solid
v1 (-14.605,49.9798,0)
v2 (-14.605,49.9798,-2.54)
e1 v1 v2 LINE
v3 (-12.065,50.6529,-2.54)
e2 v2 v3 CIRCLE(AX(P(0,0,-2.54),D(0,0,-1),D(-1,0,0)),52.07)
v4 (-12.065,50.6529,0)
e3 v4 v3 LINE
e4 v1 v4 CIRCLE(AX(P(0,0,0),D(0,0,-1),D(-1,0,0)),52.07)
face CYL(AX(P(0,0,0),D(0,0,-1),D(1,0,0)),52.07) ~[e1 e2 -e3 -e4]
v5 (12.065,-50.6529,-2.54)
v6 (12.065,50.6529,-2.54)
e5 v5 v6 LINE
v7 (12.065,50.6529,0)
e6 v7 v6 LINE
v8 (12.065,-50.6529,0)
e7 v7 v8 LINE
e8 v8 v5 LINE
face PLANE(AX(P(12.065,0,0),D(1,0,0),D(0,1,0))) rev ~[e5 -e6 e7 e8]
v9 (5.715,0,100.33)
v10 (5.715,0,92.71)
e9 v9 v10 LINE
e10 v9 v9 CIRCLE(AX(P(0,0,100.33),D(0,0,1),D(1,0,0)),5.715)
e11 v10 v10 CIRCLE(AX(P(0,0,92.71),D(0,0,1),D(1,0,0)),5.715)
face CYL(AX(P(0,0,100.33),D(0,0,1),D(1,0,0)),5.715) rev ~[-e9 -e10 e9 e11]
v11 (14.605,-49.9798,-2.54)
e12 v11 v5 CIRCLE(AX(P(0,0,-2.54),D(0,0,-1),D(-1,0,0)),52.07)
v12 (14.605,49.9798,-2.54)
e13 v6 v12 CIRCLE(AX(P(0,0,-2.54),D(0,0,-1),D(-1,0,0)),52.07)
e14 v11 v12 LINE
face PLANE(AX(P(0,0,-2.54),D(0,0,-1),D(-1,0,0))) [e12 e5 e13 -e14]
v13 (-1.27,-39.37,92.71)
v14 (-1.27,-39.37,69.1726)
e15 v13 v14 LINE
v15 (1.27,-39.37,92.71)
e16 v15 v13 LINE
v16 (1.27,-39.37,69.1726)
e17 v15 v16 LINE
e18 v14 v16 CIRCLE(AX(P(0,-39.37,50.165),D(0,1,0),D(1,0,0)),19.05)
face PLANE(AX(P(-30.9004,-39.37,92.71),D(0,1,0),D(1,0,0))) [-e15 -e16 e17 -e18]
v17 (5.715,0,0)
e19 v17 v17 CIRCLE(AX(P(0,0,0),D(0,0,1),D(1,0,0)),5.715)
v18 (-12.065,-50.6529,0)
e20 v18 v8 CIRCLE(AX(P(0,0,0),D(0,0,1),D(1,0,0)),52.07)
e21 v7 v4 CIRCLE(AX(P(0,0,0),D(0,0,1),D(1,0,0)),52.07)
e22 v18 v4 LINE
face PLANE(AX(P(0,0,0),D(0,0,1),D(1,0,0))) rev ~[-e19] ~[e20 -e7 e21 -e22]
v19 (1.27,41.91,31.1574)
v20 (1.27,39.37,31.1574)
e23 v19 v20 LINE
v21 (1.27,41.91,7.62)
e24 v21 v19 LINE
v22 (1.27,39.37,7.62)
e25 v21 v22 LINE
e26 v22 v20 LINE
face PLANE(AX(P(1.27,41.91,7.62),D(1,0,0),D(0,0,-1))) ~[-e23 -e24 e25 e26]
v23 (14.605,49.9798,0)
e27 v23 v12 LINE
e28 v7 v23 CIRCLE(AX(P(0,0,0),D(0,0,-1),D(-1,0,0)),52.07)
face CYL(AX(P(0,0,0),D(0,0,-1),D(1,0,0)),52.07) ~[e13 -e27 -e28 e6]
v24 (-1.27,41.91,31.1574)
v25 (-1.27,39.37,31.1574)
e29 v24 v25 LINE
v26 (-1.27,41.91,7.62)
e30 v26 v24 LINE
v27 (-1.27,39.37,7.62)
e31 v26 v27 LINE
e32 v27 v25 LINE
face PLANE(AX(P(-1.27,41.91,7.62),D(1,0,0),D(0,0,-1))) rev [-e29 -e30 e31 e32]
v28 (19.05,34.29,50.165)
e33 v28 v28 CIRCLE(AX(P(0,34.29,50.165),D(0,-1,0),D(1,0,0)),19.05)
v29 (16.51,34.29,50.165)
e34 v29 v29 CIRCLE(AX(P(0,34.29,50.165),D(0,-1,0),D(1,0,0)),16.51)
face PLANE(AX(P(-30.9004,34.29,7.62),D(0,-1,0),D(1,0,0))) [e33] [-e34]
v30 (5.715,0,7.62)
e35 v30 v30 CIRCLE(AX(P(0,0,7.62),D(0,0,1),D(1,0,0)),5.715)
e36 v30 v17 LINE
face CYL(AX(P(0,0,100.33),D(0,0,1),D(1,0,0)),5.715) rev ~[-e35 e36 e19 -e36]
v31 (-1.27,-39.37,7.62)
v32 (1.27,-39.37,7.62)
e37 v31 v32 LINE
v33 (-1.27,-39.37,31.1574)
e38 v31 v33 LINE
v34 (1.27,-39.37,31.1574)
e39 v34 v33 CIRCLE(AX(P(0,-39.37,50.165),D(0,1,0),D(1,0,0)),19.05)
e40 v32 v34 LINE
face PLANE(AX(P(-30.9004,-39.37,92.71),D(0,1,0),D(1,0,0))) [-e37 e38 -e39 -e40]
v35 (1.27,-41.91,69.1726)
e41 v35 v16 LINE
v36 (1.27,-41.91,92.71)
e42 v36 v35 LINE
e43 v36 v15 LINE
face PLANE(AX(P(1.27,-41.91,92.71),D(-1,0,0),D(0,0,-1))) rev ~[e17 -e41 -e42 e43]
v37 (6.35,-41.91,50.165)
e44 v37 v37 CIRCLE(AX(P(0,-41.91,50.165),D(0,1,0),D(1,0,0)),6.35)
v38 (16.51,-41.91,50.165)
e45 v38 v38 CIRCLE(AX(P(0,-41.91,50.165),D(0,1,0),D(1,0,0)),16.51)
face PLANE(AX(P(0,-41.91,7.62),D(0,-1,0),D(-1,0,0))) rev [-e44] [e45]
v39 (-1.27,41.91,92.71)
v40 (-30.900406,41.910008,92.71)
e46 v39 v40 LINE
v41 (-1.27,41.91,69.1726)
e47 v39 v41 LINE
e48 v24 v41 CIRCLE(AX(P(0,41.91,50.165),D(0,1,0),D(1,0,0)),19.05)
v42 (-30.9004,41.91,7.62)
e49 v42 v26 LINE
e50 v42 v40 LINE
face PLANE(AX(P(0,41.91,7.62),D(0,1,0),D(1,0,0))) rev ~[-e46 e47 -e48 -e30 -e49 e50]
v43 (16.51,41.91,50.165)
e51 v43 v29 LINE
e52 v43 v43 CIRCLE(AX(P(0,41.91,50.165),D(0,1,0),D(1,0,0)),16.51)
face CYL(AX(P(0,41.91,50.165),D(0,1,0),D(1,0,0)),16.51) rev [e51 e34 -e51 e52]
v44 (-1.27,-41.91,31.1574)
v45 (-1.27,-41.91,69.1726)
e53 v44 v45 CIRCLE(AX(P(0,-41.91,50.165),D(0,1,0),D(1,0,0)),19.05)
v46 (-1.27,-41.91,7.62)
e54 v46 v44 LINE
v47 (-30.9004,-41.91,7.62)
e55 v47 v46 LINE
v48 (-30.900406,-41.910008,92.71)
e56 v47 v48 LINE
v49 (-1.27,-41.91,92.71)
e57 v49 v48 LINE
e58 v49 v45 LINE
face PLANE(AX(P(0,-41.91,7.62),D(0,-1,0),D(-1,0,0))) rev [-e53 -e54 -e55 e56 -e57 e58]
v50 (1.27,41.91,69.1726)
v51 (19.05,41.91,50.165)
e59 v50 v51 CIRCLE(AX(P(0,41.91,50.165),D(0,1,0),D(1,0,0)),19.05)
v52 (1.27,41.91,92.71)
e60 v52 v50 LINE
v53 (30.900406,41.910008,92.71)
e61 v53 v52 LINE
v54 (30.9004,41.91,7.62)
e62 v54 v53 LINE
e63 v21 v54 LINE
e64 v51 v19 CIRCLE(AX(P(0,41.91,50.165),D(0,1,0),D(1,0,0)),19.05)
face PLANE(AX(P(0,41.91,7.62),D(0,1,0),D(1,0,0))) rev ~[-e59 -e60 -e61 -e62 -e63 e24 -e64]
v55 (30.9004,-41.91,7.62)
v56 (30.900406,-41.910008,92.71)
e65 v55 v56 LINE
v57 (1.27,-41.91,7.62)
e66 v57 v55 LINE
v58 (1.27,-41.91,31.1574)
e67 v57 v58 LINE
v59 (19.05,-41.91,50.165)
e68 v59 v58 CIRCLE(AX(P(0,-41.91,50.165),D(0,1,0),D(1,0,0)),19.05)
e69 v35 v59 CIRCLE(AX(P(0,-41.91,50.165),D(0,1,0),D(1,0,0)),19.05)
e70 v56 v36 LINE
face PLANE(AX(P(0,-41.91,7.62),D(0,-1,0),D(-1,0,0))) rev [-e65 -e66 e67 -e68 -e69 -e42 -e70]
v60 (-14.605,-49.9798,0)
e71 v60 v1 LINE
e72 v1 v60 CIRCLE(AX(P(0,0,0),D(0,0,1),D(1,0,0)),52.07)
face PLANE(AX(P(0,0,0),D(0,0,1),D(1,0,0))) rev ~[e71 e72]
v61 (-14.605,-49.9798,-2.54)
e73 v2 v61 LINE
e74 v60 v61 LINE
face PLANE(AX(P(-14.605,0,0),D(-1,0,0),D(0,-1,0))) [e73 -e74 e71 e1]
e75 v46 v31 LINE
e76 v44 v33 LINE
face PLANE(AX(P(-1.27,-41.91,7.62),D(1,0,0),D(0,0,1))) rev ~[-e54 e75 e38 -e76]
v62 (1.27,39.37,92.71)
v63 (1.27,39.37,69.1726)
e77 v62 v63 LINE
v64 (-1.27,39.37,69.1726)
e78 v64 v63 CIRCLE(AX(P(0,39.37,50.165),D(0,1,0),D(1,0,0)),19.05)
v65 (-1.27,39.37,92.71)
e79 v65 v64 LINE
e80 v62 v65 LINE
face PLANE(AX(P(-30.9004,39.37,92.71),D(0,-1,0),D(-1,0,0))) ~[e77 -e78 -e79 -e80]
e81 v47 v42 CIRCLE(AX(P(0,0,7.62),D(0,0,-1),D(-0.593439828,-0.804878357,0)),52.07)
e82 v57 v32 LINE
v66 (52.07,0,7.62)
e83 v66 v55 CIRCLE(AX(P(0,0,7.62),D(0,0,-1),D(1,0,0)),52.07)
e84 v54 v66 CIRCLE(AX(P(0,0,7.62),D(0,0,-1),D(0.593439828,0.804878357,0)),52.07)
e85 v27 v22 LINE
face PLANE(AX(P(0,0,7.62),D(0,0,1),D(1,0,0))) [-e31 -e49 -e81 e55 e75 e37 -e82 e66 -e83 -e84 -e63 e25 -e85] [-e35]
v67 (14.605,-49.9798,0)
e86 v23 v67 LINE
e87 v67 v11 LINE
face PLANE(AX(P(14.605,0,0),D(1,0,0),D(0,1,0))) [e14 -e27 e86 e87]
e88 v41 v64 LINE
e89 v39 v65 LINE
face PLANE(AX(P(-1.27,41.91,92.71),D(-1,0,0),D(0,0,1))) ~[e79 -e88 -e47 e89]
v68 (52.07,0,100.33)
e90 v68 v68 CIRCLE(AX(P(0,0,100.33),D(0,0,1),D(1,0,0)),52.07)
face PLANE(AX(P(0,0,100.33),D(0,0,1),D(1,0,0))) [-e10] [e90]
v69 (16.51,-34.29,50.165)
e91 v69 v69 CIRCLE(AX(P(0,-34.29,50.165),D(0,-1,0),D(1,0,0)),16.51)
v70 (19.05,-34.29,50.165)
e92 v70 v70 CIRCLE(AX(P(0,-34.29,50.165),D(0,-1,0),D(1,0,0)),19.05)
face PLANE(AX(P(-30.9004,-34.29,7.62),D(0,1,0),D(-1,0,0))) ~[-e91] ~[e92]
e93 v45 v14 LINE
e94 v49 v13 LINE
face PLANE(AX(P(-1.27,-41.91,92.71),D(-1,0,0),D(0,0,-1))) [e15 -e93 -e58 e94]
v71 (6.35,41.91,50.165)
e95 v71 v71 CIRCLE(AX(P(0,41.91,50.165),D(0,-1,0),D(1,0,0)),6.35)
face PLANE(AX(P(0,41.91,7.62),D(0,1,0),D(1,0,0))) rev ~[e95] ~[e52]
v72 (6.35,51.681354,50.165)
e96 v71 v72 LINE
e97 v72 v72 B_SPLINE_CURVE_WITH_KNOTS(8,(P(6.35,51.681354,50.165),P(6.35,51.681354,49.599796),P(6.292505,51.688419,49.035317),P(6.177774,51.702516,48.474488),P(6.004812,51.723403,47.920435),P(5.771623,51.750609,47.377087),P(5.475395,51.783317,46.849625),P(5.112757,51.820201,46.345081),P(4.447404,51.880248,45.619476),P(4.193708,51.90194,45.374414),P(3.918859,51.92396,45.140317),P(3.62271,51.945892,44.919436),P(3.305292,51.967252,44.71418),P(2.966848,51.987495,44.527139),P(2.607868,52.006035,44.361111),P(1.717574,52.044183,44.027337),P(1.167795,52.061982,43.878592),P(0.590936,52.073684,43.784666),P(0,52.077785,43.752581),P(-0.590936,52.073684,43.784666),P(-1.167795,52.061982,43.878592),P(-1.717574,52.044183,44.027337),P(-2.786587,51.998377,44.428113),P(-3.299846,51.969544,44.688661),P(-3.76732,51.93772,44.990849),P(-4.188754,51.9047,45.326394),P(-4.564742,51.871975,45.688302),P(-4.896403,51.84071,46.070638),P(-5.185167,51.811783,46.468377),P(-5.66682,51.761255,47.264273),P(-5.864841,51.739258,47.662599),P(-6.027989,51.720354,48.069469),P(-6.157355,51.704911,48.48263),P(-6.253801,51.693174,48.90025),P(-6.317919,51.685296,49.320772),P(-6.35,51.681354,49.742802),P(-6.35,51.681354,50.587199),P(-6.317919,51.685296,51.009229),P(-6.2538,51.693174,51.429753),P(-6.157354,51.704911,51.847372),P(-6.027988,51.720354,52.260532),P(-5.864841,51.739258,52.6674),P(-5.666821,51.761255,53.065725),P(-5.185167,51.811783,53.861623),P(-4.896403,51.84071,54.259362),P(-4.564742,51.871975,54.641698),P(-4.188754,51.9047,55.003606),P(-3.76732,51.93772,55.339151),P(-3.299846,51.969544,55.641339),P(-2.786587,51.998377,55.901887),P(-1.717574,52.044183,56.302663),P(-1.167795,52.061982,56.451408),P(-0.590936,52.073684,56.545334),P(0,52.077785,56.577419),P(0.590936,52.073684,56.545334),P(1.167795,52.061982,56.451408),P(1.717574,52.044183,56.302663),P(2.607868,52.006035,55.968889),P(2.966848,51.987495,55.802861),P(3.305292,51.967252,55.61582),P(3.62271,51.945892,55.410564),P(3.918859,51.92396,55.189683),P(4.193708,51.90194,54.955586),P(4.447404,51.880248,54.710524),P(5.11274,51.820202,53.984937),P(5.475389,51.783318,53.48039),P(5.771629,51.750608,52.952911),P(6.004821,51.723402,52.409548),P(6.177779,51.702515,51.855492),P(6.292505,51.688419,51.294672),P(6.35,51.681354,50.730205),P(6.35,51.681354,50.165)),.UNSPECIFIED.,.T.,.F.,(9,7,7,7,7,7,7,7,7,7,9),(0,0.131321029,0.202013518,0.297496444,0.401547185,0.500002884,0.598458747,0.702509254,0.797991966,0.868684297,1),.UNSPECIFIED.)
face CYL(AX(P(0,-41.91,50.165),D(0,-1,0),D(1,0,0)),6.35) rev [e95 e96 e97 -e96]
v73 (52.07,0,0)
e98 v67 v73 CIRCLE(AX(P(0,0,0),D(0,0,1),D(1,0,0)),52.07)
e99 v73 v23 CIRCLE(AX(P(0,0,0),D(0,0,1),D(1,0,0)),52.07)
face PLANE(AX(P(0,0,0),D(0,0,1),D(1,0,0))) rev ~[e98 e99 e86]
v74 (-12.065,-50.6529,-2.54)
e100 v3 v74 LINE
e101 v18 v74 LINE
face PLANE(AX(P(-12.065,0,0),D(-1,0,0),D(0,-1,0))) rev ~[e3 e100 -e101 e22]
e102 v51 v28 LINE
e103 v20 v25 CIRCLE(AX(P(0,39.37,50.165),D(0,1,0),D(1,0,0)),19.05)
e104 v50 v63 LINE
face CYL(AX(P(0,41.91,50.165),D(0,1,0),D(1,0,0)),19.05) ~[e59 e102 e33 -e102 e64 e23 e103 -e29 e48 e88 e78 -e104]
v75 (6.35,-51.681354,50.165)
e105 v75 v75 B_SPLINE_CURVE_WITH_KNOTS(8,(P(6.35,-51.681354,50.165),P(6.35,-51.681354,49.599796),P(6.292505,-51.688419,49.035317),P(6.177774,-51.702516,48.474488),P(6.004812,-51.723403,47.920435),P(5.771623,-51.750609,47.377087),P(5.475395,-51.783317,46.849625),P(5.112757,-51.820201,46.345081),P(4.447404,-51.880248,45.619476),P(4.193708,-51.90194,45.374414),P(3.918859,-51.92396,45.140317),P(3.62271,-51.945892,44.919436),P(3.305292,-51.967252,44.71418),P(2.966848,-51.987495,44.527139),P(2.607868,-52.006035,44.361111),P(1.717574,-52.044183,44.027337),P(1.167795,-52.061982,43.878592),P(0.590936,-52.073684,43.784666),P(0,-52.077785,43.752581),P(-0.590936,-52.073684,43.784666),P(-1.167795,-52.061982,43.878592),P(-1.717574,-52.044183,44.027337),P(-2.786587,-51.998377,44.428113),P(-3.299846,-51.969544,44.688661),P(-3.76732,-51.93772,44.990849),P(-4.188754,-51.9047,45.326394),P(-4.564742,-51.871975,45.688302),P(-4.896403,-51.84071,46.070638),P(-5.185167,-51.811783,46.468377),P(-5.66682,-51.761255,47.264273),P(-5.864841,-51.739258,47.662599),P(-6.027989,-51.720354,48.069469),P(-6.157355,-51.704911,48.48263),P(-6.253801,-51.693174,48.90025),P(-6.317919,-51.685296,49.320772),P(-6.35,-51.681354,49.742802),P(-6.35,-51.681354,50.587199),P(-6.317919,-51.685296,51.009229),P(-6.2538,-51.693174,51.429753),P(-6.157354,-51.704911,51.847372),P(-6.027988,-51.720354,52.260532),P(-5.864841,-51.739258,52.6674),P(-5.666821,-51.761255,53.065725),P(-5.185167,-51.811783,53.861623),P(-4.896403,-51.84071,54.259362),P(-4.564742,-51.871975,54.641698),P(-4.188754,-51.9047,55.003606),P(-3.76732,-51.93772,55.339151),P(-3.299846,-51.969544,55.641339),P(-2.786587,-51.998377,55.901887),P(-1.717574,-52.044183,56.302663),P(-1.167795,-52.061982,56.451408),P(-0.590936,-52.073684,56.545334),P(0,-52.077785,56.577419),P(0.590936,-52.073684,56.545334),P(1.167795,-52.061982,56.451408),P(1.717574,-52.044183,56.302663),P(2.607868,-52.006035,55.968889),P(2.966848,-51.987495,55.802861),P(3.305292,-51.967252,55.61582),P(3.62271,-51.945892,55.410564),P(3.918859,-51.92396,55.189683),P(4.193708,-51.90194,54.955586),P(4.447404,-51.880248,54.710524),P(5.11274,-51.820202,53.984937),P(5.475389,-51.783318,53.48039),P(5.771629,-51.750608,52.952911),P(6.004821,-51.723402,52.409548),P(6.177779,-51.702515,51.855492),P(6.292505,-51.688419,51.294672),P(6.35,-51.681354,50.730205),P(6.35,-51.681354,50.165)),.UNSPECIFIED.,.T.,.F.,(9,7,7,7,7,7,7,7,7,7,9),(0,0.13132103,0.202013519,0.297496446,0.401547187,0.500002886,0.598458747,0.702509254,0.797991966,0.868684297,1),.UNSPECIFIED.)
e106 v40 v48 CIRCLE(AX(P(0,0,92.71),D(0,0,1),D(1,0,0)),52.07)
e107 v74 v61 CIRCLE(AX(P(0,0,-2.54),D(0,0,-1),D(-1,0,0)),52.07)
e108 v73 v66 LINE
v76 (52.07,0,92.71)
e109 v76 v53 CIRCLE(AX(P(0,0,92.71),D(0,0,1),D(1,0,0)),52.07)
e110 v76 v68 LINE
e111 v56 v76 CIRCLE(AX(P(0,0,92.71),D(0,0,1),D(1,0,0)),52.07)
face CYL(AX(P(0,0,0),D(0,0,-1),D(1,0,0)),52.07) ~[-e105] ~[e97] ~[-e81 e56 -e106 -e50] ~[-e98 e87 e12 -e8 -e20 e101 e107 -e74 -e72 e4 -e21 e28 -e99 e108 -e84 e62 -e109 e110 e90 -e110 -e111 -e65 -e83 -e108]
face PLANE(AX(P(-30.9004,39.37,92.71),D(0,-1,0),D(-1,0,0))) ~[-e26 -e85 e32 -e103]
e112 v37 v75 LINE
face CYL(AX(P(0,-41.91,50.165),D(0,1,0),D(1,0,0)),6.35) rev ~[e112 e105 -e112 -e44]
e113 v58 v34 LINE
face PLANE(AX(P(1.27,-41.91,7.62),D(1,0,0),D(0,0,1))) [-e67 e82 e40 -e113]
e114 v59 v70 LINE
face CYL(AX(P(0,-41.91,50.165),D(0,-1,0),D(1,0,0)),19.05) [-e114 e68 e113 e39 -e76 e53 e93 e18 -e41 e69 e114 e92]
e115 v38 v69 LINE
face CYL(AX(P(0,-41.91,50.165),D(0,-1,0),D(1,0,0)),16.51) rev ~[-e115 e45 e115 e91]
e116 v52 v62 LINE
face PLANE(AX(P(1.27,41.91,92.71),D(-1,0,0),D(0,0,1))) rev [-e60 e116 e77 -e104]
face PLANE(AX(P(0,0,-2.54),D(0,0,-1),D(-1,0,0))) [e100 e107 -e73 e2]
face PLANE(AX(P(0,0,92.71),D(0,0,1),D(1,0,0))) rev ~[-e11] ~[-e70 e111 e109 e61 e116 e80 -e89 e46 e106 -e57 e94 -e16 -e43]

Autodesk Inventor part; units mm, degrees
ref_plane "YZ Plane" through (0, 0, 0) normal (1, 0, 0) x (0, 1, 0)
ref_plane "XZ Plane" through (0, 0, 0) normal (0, 1, 0) x (-1, 0, 0)
ref_plane "XY Plane" through (0, 0, 0) normal (0, 0, 1) x (1, 0, 0)
sketch "Sketch1" plane through (0, 0, 0) normal (0, 0, 1) x (1, 0, 0)
  circle A0 centre (0, 0) radius 52.07
  dimension "d0" = 104.14
extrude "Extrusion1" add sketch "Sketch1" along normal blind 7.62
ref_plane "Work Plane1" through (0, 0, 92.71) normal (0, 0, 1) x (1, 0, 0)
sketch "Sketch2" plane through (0, 0, 92.71) normal (0, 0, 1) x (1, 0, 0)
  circle A0 centre (0, 0) radius 52.07
  dimension "d4" = 104.14
extrude "Extrusion2" add sketch "Sketch2" along normal blind 7.62
sketch "Sketch3" plane through (0, 0, 7.62) normal (0, 0, 1) x (1, 0, 0)
  circle A0 centre (0, 0) radius 52.07 projected
  line L0 (0, 52.07) -> (0, 41.91)
  line L1 (0, 41.91) -> (30.9004, 41.91)
  line L2 (0, 41.91) -> (-30.9004, 41.91)
  line L3 (0, 0) -> (20.3569, 0)
  dimension "d7" = 10.16
ref_plane "Work Plane2" through (0, 0, 7.62) normal (0, -1, 0) x (1, 0, 0)
extrude "Extrusion3" add sketch "Sketch3" along normal blind 87.5665 contours L1 L0 A0 | A0 L0 L2
mirror "Mirror1" about plane through (0, 0, 7.62) normal (0, -1, 0) of "Extrusion3"
sketch "Sketch4" plane through (0, 0, 100.33) normal (0, 0, 1) x (1, 0, 0)
  circle A0 centre (0, 0) radius 5.715
  dimension "d11" = 11.43
extrude "Extrusion4" cut sketch "Sketch4" against normal blind 101.6
sketch "Sketch5" plane through (0, 0, 7.62) normal (0, 0, 1) x (1, 0, 0)
  circle A0 centre (0, 0) radius 13.335
  circle A1 centre (0, 0) radius 5.715
  circle A2 centre (0, 0) radius 15.875
  dimension "d14" = 26.67
  dimension "d15" = 31.75
extrude "Extrusion5" add sketch "Sketch5" along normal blind 7.62 contours A2
sketch "Sketch6" plane through (-30.9004, -41.91, 92.71) normal (0, 1, 0) x (1, 0, 0)
  line L0 (61.8009, 85.09) -> (61.8009, 0) projected
  line L1 (61.8009, 42.545) -> (33.4028, 42.545)
  line L2 (0, 85.09) -> (0, 0) projected
  line L3 (0, 42.545) -> (61.8009, 42.545)
  line L4 (36.6154, -7.62) -> (25.1854, -7.62) projected
  line L5 (30.9004, -7.62) -> (30.9004, 92.71)
  circle A0 centre (30.9004, 42.545) radius 6.35
  point P0 (61.8009, 0)
  point P1 (58.0758, -2.4765)
  dimension "d53" = 12.7
extrude "Extrusion6" cut sketch "Sketch6" along normal mid plane 223.8375
sketch "Sketch10" plane through (0, 0, 0) normal (0, 0, -1) x (-1, 0, 0)
  circle A0 centre (0, 0) radius 5.715 projected
  line L0 (5.715, 0) -> (12.065, 0)
  line L1 (12.065, 0) -> (12.065, 50.6529)
  circle A1 centre (0, 0) radius 52.07 projected
  line L2 (12.065, 0) -> (12.065, -50.6529)
  line L3 (12.065, 0) -> (14.605, 0)
  line L4 (14.605, 0) -> (14.605, 49.9798)
  line L5 (14.605, 0) -> (14.605, -49.9798)
  line L6 (-5.715, 0) -> (-12.065, 0)
  line L7 (-12.065, 0) -> (-12.065, 50.6529)
  line L8 (-12.065, 0) -> (-12.065, -50.6529)
  line L9 (-12.065, 0) -> (-14.605, 0)
  line L10 (-14.605, 0) -> (-14.605, 49.9798)
  line L11 (-14.605, 0) -> (-14.605, -49.9798)
  dimension "d32" = 6.35
  dimension "d33" = 2.54
  dimension "d34" = 6.35
  dimension "d35" = 2.54
extrude "Extrusion10" add sketch "Sketch10" along normal blind 2.54 contours L3 L5 A1 L2 | L1 A1 L4 L3 | L9 L10 A1 L7 | L8 A1 L11 L9
sketch "Sketch14" plane through (0, 0, 0) normal (1, 0, 0) x (0, 1, 0)
  point P0 (0, 0)
sketch "Sketch15" plane through (-30.9004, -41.91, 7.62) normal (0, 1, 0) x (1, 0, 0)
  line L0 (61.8009, -85.09) -> (0, -85.09)
  line L1 (0, -85.09) -> (61.8009, -85.09) projected
  point P0 (30.9004, 7.62)
  point P1 (29.6304, -85.09)
ref_plane "Work Plane3" through (2.5024, -41.91, 50.165) normal (0, 1, 0) x (1, 0, 0)
sketch "Sketch18" plane through (-30.9004, -41.91, 7.62) normal (0, 1, 0) x (1, 0, 0)
  line L0 (61.8009, 0) -> (61.8009, -85.09) projected
  line L1 (61.8009, -42.545) -> (0, -42.545)
  line L2 (0, 0) -> (0, -85.09) projected
  line L3 (36.6154, -92.71) -> (25.1854, -92.71) projected
  line L4 (30.9004, -92.71) -> (30.9004, 7.62)
sketch "Sketch19" plane through (0, 0, 0) normal (1, 0, 0) x (0, 1, 0)
  line L0 (41.91, 7.62) -> (-41.91, 7.62) projected
  line L1 (27.4323, 7.62) -> (27.4323, 20.239)
  line L2 (27.4323, 20.239) -> (-18.8978, 20.239)
  line L3 (-18.8978, 20.239) -> (-18.8978, 7.62)
  line L4 (27.4323, 7.62) -> (-18.8978, 7.62)
  point P0 (0, 0)
extrude "Extrusion16" cut sketch "Sketch19" along normal mid plane 101.6
sketch "Sketch20" plane through (-30.9004, 41.91, 7.62) normal (0, -1, 0) x (1, 0, 0)
  line L0 (0, 0) -> (0, 85.09) projected
  line L1 (0, 42.545) -> (61.8009, 42.545)
  line L2 (61.8009, 0) -> (61.8009, 85.09) projected
  circle A0 centre (30.9004, 42.545) radius 16.51
  circle A1 centre (30.9004, 42.545) radius 19.05
  point P0 (30.9004, -7.62)
  dimension "d61" = 33.02
  dimension "d62" = 38.1
extrude "Extrusion17" add sketch "Sketch20" along normal blind 7.62 contours A0 L1 A1 | L1 A1 A0
mirror "Mirror3" about plane through (0, 0, 7.62) normal (0, -1, 0) of "Extrusion17"
sketch "Sketch21" plane through (-30.9004, -41.91, 92.71) normal (0, 1, 0) x (1, 0, 0)
  line L0 (0, 85.09) -> (61.8009, 85.09) projected
  line L1 (30.9004, 85.09) -> (32.1704, 85.09)
  line L2 (32.1704, 85.09) -> (30.9004, 85.09)
  line L3 (30.9004, 85.09) -> (29.6304, 85.09)
  line L4 (29.6304, 85.09) -> (29.6304, 61.5526)
  circle A0 centre (30.9004, 42.545) radius 19.05 projected
  line L5 (32.1704, 85.09) -> (32.1704, 61.5526)
  line L6 (29.6304, 61.5526) -> (32.1704, 61.5526)
  line L7 (61.8009, 0) -> (0, 0) projected
  line L8 (30.9004, 0) -> (29.6304, 0)
  line L9 (29.6304, 0) -> (32.1704, 0)
  line L10 (32.1704, 0) -> (32.1704, 23.5374)
  line L11 (29.6304, 0) -> (29.6304, 23.5374)
  line L12 (32.1704, 23.5374) -> (29.6304, 23.5374)
  point P0 (30.9004, 92.71)
  dimension "d65" = 1.27
  dimension "d66" = 1.27
  dimension "d67" = 1.27
  dimension "d68" = 1.27
  dimension "d69" = 2.54
extrude "Extrusion18" add sketch "Sketch21" along normal blind 2.54 contours L0 L5 A0 L4 | A0 L10 L7 L11
mirror "Mirror4" about plane through (0, 0, 7.62) normal (0, -1, 0) of "Extrusion18"
properties part number "Fourth Diff"
